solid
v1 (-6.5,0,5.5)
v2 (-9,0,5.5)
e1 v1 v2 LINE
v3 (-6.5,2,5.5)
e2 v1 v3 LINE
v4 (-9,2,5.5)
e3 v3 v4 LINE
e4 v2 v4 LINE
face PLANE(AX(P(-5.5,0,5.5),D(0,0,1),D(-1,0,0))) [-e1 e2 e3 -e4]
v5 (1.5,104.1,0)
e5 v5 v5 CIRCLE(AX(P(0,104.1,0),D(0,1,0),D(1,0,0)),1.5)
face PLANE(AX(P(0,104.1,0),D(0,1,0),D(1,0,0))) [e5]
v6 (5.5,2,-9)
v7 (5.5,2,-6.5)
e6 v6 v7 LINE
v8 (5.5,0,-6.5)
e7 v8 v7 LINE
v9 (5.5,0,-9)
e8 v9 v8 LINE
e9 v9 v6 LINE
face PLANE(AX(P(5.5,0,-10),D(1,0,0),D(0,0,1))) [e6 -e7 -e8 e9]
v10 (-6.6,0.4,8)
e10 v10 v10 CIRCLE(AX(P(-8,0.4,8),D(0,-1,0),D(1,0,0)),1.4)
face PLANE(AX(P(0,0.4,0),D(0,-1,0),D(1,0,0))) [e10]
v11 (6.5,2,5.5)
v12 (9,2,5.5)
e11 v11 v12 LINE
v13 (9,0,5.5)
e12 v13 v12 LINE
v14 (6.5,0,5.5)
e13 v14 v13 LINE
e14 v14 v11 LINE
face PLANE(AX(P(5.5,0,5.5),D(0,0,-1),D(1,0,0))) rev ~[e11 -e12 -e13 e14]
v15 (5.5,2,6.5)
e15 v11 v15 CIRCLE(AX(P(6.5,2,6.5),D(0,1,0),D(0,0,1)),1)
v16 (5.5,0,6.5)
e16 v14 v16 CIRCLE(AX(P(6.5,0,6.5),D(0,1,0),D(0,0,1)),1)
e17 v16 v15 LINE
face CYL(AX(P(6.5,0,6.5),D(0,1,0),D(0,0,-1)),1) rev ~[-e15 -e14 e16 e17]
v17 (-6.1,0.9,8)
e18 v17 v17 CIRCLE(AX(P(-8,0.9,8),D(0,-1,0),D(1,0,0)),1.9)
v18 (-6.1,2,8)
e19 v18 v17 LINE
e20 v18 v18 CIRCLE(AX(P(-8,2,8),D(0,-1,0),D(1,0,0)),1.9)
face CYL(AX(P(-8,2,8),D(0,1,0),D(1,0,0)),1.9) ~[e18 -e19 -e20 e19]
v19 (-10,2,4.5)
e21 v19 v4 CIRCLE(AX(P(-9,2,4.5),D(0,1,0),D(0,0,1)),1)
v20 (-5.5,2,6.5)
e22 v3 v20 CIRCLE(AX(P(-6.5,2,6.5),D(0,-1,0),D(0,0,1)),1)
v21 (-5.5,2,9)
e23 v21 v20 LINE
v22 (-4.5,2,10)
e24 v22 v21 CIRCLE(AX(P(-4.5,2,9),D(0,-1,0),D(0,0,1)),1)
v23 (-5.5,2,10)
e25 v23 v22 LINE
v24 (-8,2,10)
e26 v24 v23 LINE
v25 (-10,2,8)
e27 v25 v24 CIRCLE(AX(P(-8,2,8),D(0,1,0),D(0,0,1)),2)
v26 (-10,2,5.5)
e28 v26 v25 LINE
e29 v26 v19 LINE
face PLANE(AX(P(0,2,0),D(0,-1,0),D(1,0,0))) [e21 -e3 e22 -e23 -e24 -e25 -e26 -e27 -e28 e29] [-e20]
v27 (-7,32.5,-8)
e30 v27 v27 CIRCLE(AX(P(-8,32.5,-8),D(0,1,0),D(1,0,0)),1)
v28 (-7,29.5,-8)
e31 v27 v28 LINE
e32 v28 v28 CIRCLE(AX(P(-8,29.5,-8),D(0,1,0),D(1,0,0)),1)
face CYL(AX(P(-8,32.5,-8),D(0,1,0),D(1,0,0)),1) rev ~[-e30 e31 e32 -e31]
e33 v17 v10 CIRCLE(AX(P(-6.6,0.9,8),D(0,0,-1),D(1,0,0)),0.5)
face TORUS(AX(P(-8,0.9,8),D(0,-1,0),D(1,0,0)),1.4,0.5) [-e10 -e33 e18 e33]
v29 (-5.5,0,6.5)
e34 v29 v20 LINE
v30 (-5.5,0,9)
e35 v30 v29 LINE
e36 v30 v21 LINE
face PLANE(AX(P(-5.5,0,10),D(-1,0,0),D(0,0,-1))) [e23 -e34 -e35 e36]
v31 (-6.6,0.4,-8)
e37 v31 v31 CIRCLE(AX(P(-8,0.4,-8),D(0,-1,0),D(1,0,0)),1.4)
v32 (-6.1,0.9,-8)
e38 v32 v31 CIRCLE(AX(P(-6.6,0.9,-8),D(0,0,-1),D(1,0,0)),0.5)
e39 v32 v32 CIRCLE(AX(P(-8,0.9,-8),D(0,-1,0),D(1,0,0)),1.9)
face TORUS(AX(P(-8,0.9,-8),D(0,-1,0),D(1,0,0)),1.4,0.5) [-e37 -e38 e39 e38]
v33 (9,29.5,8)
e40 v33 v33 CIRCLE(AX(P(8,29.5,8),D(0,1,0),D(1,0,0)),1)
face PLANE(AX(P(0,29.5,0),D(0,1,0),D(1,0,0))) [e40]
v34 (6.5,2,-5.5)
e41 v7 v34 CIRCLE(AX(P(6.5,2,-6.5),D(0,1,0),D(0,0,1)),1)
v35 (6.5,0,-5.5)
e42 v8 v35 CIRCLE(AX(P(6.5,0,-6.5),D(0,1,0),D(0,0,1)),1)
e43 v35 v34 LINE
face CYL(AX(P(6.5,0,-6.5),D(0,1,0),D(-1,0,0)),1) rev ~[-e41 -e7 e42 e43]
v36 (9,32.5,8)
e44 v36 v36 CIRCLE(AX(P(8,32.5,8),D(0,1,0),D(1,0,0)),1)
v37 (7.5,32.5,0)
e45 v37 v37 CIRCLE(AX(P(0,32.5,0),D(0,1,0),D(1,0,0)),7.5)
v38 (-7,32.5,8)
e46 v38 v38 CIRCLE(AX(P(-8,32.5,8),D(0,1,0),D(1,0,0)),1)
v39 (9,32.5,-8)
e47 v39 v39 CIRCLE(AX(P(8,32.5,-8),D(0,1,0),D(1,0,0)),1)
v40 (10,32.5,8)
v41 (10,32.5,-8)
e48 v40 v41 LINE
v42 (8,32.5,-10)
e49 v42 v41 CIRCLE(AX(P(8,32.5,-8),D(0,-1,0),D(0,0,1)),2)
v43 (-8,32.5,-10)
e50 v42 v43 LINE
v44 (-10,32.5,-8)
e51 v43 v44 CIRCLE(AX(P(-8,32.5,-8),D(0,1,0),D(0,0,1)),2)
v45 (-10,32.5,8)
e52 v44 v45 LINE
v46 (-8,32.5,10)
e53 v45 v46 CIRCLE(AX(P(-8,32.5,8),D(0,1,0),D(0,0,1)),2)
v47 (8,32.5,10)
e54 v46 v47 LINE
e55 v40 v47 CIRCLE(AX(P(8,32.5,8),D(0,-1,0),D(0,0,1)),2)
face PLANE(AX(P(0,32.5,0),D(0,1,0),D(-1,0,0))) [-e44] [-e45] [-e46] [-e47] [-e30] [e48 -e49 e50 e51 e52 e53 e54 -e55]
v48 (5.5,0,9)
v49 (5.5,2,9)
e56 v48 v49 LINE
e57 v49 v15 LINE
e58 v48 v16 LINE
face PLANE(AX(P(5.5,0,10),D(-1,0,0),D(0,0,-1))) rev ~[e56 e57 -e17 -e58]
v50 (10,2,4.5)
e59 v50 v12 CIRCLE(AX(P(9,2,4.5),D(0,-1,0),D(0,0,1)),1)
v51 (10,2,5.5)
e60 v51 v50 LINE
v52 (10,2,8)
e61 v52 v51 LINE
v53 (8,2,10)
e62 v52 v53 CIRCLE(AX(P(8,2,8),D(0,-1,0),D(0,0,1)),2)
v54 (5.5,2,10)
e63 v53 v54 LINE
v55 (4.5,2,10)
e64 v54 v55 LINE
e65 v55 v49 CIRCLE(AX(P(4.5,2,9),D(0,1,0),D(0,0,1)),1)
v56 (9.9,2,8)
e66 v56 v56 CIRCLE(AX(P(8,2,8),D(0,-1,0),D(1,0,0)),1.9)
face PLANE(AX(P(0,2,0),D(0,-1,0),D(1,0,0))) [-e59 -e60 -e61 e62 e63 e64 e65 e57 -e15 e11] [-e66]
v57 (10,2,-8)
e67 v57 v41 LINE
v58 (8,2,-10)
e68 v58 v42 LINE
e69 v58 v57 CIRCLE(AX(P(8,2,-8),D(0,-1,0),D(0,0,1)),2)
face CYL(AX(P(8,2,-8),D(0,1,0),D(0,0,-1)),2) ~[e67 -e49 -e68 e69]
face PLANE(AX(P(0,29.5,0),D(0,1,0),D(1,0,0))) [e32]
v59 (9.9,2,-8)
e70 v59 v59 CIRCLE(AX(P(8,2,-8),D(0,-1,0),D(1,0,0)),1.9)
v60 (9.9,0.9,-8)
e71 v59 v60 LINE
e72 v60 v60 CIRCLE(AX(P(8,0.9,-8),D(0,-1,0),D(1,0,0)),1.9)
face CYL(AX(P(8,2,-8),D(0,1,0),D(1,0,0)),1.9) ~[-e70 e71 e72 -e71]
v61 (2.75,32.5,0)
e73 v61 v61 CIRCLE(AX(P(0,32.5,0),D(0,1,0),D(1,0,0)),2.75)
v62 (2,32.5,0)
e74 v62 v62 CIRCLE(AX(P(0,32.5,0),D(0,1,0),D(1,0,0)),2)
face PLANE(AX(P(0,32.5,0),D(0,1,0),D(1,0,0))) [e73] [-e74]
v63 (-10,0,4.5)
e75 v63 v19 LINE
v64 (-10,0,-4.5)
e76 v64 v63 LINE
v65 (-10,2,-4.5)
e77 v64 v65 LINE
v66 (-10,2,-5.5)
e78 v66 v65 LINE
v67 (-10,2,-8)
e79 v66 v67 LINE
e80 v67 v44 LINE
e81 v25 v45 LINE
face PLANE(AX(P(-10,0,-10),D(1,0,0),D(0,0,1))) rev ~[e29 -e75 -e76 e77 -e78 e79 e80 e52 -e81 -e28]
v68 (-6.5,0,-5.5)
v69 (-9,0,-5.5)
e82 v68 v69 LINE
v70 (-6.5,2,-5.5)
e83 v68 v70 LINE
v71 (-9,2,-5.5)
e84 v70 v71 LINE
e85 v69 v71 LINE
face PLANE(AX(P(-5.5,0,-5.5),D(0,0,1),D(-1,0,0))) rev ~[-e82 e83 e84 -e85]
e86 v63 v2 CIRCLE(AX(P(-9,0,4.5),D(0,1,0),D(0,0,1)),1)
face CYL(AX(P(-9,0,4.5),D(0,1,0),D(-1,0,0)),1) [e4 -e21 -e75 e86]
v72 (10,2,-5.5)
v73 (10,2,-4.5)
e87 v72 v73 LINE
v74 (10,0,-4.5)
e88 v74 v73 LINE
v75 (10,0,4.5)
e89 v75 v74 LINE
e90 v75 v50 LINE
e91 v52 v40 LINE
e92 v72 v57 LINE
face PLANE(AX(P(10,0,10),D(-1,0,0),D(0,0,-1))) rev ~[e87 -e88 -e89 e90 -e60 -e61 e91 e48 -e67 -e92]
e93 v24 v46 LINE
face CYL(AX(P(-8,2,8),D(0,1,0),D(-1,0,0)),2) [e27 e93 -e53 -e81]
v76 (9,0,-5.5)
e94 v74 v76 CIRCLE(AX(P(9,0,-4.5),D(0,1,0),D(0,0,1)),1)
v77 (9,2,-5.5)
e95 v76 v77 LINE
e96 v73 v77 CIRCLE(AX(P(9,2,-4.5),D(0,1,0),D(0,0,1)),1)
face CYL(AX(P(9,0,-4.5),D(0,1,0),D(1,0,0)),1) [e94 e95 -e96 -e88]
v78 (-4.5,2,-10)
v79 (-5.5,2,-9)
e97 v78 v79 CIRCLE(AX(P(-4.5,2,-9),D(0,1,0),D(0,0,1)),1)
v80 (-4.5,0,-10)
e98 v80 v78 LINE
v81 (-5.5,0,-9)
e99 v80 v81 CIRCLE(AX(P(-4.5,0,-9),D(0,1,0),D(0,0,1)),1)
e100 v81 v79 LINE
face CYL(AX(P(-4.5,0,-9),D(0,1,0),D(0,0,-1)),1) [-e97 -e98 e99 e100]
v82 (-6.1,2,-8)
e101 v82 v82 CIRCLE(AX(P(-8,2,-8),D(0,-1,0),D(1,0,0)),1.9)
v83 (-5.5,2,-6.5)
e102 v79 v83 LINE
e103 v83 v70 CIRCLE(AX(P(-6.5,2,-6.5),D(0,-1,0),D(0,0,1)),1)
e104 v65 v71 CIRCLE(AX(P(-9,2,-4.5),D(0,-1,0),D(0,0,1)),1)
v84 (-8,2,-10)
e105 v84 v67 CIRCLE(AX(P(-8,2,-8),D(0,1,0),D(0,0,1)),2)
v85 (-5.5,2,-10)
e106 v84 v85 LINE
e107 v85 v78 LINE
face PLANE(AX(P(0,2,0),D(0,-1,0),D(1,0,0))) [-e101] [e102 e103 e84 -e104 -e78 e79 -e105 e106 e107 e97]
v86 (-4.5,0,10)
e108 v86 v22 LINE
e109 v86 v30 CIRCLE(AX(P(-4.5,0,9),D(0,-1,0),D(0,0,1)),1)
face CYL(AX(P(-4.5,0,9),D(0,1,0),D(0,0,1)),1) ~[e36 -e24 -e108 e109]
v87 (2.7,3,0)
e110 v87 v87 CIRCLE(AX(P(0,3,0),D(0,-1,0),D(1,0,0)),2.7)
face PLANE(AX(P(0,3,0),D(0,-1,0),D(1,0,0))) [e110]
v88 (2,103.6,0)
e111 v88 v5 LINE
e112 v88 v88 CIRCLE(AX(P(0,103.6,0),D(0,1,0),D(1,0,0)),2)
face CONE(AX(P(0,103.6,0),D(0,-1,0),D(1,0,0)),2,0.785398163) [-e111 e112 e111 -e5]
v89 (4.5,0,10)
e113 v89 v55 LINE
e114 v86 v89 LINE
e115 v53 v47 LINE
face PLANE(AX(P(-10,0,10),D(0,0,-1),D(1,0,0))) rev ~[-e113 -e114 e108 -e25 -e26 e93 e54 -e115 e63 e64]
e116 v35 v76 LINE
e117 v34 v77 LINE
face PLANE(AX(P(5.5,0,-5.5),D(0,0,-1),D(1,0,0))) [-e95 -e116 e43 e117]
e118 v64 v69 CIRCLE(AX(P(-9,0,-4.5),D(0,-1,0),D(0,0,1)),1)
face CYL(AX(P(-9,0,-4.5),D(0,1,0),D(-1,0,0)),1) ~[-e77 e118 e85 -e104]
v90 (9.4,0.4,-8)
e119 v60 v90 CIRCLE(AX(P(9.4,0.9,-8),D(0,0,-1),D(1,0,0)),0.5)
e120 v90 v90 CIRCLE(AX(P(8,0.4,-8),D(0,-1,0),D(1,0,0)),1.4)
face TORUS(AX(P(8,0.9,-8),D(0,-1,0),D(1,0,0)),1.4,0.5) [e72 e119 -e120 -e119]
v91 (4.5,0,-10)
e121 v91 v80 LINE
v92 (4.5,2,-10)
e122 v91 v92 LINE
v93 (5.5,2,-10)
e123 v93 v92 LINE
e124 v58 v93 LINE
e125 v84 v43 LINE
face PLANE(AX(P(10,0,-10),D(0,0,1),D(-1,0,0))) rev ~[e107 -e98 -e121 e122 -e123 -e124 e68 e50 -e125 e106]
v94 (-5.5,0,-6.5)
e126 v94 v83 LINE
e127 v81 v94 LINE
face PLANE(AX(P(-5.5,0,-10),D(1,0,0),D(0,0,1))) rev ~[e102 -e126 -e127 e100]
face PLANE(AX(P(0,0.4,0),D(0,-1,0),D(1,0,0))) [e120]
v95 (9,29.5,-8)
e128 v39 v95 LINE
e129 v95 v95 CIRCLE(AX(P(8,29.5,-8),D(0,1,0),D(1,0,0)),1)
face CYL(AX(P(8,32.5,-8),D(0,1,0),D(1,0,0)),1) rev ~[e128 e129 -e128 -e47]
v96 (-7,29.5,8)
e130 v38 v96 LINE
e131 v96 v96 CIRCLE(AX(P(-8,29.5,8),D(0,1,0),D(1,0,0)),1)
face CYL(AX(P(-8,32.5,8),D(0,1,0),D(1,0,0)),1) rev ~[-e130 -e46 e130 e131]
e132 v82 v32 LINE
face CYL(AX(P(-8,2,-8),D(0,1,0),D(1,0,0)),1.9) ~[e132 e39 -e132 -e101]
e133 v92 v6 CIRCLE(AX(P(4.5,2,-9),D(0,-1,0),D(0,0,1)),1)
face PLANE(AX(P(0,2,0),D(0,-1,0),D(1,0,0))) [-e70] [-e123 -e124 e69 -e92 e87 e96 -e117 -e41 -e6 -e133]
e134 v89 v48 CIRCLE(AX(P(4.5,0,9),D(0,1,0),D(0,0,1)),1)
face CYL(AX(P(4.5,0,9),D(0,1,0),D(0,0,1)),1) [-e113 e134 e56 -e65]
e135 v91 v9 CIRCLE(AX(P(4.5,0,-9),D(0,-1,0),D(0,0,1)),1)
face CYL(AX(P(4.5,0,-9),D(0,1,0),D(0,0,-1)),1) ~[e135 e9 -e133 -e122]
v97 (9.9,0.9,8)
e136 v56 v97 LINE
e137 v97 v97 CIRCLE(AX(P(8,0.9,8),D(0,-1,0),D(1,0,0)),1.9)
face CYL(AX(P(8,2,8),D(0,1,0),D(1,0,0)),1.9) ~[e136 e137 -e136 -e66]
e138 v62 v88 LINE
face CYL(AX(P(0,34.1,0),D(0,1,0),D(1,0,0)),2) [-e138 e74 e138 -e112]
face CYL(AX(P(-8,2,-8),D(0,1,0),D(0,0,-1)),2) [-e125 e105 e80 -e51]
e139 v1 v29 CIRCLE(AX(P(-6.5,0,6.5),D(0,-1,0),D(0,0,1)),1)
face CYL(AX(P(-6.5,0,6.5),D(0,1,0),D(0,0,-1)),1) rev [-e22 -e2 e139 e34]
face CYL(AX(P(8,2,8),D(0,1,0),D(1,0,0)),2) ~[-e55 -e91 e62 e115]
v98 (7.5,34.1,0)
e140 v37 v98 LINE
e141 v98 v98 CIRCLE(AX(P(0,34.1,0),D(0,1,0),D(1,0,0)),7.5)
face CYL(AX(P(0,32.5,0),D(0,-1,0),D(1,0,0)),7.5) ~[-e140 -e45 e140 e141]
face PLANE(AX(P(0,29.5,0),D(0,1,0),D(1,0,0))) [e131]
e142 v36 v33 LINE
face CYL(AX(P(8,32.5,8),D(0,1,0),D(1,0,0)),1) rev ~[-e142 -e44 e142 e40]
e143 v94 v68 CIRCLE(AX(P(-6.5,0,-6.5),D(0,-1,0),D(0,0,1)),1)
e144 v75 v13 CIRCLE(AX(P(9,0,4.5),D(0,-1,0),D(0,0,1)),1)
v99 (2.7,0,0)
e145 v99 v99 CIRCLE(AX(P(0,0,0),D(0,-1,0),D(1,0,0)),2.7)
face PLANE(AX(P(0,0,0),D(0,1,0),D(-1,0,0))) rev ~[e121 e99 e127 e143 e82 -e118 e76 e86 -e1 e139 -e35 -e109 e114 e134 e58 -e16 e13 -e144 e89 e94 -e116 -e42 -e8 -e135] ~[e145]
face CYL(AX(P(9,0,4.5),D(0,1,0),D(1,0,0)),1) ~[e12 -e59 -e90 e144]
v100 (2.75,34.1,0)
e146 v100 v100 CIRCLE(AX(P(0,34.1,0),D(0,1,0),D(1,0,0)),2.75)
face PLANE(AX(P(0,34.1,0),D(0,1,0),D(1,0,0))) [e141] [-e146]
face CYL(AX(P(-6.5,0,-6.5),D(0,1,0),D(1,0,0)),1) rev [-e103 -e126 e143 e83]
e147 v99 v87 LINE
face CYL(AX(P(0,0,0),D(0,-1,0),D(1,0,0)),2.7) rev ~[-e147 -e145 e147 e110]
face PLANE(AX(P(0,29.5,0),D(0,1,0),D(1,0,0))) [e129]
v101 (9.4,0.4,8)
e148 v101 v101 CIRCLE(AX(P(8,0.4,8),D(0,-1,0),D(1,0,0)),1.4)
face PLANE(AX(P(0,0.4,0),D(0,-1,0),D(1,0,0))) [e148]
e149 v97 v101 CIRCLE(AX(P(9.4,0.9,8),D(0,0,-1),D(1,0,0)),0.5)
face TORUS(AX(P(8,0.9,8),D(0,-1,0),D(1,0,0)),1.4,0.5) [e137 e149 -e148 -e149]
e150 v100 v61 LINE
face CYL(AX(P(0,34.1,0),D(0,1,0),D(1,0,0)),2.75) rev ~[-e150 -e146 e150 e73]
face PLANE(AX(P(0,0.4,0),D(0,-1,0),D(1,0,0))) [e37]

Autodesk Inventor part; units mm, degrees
ref_plane "YZ Plane" through (0, 0, 0) normal (1, 0, 0) x (0, 1, 0)
ref_plane "XZ Plane" through (0, 0, 0) normal (0, 1, 0) x (-1, 0, 0)
ref_plane "XY Plane" through (0, 0, 0) normal (0, 0, 1) x (1, 0, 0)
sketch "Sketch1" plane through (0, 0, 0) normal (0, 1, 0) x (-1, 0, 0)
  line L0 (10, 10) -> (-10, 10)
  line L1 (-10, 10) -> (-10, -10)
  line L2 (-10, -10) -> (10, -10)
  line L3 (10, -10) -> (10, 10)
  line L4 (10, 10) -> (-10, -10) construction
  line L5 (-10, 10) -> (10, -10) construction
  point P0 (0, 0)
  dimension "d0" = 20
  dimension "d1" = 20
extrude "Extrusion1" add sketch "Sketch1" along normal blind 32.5
sketch "Sketch2" plane through (0, 32.5, 0) normal (0, 1, 0) x (1, 0, 0)
  circle A0 centre (0, 0) radius 7.5
  dimension "d4" = 15
extrude "Extrusion2" add sketch "Sketch2" along normal blind 1.6
sketch "Sketch3" plane through (0, 34.1, 0) normal (0, 1, 0) x (1, 0, 0)
  circle A0 centre (0, 0) radius 2
  dimension "d7" = 4
extrude "Extrusion3" add sketch "Sketch3" along normal blind 70
sketch "Sketch5" plane through (0, 34.1, 0) normal (0, 1, 0) x (1, 0, 0)
  circle A0 centre (0, 0) radius 2 projected
  circle A1 centre (0, 0) radius 2.75
  dimension "d10" = 5.5
extrude "Extrusion4" cut sketch "Sketch5" against normal blind 1.6
chamfer "Chamfer1" distance 0.5 angle 45 1 edges at (-2, 104.1, 0)
sketch "Sketch6" plane through (0, 32.5, 0) normal (0, 1, 0) x (1, 0, 0)
  line L0 (-8, -8) -> (8, -8) construction
  line L1 (8, -8) -> (8, 8) construction
  line L2 (8, 8) -> (-8, 8) construction
  line L3 (-8, 8) -> (-8, -8) construction
  line L4 (-8, -8) -> (8, 8) construction
  line L5 (8, -8) -> (-8, 8) construction
  circle A0 centre (-8, 8) radius 1
  circle A1 centre (8, 8) radius 1
  circle A2 centre (8, -8) radius 1
  circle A3 centre (-8, -8) radius 1
  point P0 (0, 0)
  dimension "d16" = 16
  dimension "d17" = 16
  dimension "d18" = 2
  dimension "d19" = 2
  dimension "d20" = 2
  dimension "d21" = 2
extrude "Extrusion5" cut sketch "Sketch6" against normal blind 3
sketch "Sketch7" plane through (0, 0, 0) normal (0, -1, 0) x (1, 0, 0)
  circle A0 centre (0, 0) radius 2.7
  dimension "d24" = 5.4
extrude "Extrusion6" cut sketch "Sketch7" against normal blind 3
sketch "Sketch8" plane through (0, 0, 0) normal (0, -1, 0) x (1, 0, 0)
  line L0 (10, -10) -> (5.5, -10)
  line L1 (5.5, -10) -> (5.5, -5.5)
  line L2 (5.5, -5.5) -> (10, -5.5)
  line L3 (10, -5.5) -> (10, -10)
  line L4 (-10, -10) -> (-5.5, -10)
  line L5 (-5.5, -10) -> (-5.5, -5.5)
  line L6 (-5.5, -5.5) -> (-10, -5.5)
  line L7 (-10, -5.5) -> (-10, -10)
  line L8 (10, 10) -> (10, -10) projected
  line L9 (10, 10) -> (5.5, 10)
  line L10 (5.5, 10) -> (5.5, 5.5)
  line L11 (5.5, 5.5) -> (10, 5.5)
  line L12 (10, 5.5) -> (10, 10)
  line L13 (-10, 10) -> (10, 10) projected
  line L14 (-10, 10) -> (-5.5, 10)
  line L15 (-5.5, 10) -> (-5.5, 5.5)
  line L16 (-5.5, 5.5) -> (-10, 5.5)
  line L17 (-10, 5.5) -> (-10, 10)
  line L18 (10, -10) -> (-10, -10) projected
  point P0 (0, 0)
  dimension "d27" = 11
  dimension "d28" = 11
  dimension "d29" = 5.5
  dimension "d30" = 11
  dimension "d31" = 5.5
  dimension "d32" = 11
extrude "Extrusion7" cut sketch "Sketch8" against normal blind 2
sketch "Sketch9" plane through (0, 2, 0) normal (0, -1, 0) x (1, 0, 0)
  circle A0 centre (8, -8) radius 1.9
  circle A1 centre (-8, -8) radius 1 projected
  circle A2 centre (-8, -8) radius 1.9
  circle A3 centre (-8, 8) radius 1 projected
  circle A4 centre (-8, 8) radius 1.9
  circle A5 centre (8, 8) radius 1 projected
  circle A6 centre (8, 8) radius 1.9
  point P0 (0, 0)
  dimension "d35" = 3.8
  dimension "d36" = 3.8
  dimension "d37" = 3.8
  dimension "d38" = 3.8
extrude "Extrusion8" add sketch "Sketch9" along normal blind 1.6 contours A0 | A1 | A2 | A3 | A4 | A5 | A6
fillet "Fillet1" radius 0.5 4 edges at (-9.9, 0.4, -8) (6.1, 0.4, -8) (6.1, 0.4, 8) (-9.9, 0.4, 8)
fillet "Fillet2" radius 2 4 edges at (-10, 17.25, -10) (10, 17.25, -10) (-10, 17.25, 10) (10, 17.25, 10)
fillet "Fillet3" radius 1 12 edges at (5.5, 1, -10) (-5.5, 1, -5.5) (-5.5, 1, -10) (-10, 1, -5.5) (-10, 1, 5.5) (-5.5, 1, 10) (-5.5, 1, 5.5) (5.5, 1, 10) (5.5, 1, 5.5) (10, 1, 5.5) (5.5, 1, -5.5) (10, 1, -5.5)
thread "Thread1" size "M4x0.7" class "6g" standard "ANSI Metric M Profile" full length
properties part number "Nema 8"
